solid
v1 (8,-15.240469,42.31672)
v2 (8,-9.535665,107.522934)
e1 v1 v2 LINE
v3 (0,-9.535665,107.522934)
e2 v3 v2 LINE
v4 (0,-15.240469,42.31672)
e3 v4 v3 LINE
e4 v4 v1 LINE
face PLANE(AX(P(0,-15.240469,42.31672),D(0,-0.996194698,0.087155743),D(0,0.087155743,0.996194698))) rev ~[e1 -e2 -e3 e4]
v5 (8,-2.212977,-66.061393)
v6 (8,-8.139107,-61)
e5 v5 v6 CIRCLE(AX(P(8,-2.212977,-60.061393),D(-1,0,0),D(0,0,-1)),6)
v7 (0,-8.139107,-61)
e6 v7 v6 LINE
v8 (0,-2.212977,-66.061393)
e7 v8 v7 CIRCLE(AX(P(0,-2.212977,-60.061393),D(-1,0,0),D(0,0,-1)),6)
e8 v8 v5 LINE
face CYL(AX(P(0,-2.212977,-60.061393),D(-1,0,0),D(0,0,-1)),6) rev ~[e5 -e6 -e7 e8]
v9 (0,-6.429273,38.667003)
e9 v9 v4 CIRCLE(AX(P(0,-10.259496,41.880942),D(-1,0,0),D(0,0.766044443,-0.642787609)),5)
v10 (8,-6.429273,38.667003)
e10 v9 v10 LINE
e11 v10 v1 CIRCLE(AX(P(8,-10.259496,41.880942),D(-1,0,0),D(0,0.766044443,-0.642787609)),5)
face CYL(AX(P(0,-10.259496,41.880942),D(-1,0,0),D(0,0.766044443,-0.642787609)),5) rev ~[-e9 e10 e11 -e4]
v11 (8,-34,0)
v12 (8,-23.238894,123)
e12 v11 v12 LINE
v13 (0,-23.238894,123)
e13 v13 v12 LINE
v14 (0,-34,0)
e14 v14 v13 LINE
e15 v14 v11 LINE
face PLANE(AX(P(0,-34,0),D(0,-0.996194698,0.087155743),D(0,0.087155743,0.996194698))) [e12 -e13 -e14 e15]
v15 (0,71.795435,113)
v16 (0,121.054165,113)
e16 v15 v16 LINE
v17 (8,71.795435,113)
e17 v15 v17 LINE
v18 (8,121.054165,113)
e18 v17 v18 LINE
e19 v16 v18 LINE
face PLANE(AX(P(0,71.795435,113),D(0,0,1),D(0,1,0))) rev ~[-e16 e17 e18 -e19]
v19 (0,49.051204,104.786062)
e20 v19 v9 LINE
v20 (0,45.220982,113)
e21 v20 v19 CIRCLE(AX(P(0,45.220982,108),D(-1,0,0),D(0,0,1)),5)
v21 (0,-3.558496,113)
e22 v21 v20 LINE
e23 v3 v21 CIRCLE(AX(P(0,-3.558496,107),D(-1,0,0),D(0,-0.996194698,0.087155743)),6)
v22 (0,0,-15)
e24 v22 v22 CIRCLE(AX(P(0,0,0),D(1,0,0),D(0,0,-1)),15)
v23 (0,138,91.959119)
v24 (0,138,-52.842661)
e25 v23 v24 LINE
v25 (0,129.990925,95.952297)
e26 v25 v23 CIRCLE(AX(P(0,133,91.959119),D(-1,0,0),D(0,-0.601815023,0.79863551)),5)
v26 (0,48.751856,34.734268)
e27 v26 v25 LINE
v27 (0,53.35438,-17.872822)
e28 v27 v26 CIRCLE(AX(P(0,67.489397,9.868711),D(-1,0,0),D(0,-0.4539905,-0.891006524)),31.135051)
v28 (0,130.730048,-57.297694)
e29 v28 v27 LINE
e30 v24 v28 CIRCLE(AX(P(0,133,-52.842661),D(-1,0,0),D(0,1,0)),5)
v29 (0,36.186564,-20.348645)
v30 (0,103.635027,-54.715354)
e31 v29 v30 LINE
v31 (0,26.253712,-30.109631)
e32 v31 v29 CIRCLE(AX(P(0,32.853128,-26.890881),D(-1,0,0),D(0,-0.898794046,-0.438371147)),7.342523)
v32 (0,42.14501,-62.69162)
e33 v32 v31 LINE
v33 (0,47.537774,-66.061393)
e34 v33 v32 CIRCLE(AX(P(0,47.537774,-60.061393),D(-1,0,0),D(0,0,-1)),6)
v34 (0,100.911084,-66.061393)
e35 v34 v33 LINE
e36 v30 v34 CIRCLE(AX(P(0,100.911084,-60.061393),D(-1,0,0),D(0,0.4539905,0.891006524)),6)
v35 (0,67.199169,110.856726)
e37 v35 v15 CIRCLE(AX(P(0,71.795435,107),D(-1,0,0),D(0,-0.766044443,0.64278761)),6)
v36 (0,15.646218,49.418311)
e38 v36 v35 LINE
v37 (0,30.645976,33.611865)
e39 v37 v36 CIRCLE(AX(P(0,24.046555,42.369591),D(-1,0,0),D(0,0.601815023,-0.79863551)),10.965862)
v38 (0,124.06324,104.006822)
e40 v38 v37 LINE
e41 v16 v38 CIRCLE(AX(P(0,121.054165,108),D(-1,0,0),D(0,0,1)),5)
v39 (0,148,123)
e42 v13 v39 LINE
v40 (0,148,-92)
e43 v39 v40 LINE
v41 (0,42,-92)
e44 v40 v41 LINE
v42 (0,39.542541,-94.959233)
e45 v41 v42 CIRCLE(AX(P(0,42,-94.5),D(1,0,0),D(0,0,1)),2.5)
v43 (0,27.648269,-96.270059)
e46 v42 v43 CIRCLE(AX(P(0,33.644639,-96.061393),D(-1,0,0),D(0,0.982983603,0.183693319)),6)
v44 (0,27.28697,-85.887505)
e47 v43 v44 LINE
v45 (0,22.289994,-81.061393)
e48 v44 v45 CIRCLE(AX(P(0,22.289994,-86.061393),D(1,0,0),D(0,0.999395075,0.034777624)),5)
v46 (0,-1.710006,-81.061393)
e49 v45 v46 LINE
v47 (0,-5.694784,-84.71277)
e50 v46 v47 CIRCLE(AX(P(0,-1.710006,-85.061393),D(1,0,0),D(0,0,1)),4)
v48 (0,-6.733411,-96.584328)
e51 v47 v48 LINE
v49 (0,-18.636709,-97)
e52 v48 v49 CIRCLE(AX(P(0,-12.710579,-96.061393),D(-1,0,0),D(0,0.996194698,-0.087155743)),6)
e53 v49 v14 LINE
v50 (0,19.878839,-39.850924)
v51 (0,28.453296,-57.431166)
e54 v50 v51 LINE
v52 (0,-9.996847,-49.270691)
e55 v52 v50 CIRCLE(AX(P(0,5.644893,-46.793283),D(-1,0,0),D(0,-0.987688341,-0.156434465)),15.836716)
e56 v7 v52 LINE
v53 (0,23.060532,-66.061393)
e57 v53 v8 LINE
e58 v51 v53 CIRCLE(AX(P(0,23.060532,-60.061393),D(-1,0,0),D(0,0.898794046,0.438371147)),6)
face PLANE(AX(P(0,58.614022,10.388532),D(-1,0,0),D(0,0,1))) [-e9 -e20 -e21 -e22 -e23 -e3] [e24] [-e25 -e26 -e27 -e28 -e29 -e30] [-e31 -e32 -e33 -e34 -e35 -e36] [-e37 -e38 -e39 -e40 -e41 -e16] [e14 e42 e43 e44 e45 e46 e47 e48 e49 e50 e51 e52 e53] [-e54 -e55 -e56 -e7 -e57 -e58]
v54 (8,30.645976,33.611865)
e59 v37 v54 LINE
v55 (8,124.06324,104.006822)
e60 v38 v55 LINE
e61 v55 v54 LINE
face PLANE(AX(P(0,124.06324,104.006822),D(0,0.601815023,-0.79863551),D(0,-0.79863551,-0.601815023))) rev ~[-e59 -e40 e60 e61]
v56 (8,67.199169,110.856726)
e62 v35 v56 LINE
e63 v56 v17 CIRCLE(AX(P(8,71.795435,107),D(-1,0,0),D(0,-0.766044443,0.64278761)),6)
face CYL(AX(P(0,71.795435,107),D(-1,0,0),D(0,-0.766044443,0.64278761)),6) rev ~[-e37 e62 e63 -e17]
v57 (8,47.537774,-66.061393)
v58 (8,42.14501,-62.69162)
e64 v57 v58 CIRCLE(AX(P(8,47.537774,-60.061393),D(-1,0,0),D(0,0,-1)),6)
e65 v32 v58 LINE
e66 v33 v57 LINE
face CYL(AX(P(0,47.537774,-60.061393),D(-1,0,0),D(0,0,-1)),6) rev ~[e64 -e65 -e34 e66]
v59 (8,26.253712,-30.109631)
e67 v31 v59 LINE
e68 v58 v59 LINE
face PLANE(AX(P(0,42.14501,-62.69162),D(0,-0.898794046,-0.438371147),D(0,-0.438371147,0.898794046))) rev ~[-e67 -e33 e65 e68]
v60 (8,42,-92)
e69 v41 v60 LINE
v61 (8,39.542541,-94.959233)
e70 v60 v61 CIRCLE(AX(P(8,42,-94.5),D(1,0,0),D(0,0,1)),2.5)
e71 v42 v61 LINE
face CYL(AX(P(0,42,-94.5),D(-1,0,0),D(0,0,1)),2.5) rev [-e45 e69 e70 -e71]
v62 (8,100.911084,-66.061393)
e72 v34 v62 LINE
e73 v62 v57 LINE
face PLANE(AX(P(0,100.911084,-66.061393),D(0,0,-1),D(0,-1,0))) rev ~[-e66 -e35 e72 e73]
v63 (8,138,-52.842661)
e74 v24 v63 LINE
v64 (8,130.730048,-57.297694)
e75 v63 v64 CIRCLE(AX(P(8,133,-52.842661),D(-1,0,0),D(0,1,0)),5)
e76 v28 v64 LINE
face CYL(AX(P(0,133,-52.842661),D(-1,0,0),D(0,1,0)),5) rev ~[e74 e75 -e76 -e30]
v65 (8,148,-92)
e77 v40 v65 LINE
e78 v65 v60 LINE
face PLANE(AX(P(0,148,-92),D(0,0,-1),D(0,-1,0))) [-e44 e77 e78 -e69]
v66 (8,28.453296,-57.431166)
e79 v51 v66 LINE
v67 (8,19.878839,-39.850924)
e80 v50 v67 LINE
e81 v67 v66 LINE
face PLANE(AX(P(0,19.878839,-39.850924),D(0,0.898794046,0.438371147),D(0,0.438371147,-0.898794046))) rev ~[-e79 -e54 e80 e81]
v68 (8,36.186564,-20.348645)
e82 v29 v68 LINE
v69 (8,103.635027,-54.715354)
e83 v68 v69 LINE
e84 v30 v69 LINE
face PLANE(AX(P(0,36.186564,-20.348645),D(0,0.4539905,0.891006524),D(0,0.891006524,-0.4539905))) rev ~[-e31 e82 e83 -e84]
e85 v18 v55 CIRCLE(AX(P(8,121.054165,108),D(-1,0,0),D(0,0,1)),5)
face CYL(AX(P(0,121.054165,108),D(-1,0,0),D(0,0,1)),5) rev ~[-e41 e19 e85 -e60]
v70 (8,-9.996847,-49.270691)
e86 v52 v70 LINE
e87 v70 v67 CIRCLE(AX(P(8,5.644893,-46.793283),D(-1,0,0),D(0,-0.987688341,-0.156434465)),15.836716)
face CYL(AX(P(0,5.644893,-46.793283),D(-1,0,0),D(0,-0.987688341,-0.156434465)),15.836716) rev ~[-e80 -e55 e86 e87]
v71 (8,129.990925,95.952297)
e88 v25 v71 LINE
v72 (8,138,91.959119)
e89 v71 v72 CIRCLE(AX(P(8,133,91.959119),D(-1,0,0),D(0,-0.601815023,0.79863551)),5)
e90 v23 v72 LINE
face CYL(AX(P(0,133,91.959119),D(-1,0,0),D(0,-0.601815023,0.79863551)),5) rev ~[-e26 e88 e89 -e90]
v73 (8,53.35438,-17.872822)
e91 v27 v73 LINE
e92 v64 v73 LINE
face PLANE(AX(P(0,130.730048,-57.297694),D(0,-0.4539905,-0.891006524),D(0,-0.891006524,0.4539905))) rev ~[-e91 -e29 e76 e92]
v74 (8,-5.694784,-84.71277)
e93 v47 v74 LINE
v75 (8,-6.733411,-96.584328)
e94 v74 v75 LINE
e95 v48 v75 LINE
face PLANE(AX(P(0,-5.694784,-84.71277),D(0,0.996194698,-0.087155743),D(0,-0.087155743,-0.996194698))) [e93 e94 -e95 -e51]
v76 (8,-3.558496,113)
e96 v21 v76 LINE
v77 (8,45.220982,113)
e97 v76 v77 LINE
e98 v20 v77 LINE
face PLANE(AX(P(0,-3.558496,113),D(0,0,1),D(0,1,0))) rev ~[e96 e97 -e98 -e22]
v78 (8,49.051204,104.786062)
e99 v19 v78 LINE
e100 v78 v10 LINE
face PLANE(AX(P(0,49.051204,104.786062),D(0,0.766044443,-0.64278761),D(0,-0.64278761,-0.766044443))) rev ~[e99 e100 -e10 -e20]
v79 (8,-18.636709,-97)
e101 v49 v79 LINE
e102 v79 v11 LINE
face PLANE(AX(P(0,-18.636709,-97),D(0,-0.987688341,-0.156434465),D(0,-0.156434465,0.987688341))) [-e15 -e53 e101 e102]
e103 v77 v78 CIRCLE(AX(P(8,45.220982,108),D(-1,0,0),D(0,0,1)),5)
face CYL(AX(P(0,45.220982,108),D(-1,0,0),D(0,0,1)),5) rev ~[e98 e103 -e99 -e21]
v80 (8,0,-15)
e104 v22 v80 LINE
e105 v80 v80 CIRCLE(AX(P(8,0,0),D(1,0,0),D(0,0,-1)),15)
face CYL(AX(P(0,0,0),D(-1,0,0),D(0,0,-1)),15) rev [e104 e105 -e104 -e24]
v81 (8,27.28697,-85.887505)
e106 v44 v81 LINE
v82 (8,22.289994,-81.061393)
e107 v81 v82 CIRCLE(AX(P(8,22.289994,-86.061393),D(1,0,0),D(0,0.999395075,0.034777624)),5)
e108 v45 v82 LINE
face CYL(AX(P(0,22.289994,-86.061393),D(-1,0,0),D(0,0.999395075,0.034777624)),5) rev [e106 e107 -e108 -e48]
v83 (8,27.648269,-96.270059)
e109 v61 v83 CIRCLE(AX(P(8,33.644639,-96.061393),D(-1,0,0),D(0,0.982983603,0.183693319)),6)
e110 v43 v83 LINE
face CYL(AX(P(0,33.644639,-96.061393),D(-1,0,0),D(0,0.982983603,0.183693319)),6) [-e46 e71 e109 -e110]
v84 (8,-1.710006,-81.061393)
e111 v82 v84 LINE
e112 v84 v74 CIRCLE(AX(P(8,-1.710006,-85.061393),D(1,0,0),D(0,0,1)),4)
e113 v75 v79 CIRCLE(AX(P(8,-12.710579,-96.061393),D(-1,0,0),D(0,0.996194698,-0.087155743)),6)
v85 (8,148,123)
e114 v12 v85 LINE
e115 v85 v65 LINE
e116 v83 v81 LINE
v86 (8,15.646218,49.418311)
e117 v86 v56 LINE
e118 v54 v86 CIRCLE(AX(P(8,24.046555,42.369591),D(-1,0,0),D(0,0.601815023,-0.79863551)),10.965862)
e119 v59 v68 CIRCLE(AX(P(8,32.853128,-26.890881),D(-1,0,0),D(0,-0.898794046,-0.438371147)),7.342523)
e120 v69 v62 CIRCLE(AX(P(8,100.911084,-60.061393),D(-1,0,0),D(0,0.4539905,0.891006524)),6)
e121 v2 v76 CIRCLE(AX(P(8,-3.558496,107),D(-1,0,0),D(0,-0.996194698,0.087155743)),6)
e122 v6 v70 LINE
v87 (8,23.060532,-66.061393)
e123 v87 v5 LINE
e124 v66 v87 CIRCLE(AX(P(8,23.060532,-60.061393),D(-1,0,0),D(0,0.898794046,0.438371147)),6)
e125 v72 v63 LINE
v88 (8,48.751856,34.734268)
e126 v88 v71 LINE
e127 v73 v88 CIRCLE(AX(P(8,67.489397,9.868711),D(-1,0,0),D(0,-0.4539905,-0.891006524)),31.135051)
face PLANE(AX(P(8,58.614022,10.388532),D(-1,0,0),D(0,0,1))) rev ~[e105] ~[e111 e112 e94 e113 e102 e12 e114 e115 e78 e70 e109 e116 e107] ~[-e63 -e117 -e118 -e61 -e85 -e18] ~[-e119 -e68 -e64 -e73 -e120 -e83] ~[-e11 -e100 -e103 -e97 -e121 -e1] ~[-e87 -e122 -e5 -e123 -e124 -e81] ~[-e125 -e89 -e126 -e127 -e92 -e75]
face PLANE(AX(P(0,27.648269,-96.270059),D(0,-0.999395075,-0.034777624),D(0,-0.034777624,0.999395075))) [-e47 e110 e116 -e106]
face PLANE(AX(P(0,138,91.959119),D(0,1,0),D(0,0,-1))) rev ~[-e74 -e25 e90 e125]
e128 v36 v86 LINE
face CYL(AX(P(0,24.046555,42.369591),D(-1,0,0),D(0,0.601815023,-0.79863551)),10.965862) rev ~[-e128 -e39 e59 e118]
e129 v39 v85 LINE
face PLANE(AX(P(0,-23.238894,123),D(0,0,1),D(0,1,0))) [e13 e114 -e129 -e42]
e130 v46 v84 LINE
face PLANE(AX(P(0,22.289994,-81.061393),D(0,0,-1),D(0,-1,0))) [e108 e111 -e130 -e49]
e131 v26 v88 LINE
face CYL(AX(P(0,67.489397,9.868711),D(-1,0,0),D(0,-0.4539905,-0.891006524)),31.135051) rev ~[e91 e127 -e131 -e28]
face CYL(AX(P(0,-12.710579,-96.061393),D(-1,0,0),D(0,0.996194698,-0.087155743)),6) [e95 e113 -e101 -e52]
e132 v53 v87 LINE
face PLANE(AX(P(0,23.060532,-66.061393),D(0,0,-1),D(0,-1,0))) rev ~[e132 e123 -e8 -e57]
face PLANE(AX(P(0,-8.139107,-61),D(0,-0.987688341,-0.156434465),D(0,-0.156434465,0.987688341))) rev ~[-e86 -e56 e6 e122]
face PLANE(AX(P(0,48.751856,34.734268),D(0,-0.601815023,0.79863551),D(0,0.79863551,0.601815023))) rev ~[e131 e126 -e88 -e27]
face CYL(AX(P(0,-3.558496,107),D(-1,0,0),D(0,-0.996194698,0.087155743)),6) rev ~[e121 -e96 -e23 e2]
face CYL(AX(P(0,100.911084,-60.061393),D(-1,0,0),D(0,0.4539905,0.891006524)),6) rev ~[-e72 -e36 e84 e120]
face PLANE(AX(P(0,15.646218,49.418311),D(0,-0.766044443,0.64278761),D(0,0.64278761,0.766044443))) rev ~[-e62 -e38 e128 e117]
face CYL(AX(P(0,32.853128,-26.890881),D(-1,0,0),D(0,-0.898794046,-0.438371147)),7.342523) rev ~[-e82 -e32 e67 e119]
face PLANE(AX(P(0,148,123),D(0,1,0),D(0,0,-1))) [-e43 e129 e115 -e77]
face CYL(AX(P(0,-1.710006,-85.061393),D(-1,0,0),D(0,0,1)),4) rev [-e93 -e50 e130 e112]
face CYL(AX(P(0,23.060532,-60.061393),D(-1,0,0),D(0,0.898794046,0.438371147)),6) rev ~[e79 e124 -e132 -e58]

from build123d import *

# Parameters (mm, degrees)
SKETCH2_R   = 15
FRAME_DEPTH = 8


with BuildPart() as part:
    # Sketch2 → frame (new body)
    with BuildSketch(Plane(origin=(0, 0, 0), x_dir=(0, 0, -1), z_dir=(1, 0, 0))):
        with BuildLine():
            Line((0, -34), (-123, -23.238894386))
            Line((-123, -23.238894386), (-123, 148))
            Line((-123, 148), (92, 148))
            Line((92, 148), (92, 42))
            ThreePointArc((92, 42), (92.902828006, 40.076710729), (94.959233297, 39.542540991))
            ThreePointArc((94.959233297, 39.542540991), (102.025285395, 34.301898835), (96.270058953, 27.648268918))
            Line((96.270058953, 27.648268918), (85.887505091, 27.286969807))
            ThreePointArc((85.887505091, 27.286969807), (82.464905993, 25.763505578), (81.06139321, 22.289994429))
            Line((81.06139321, 22.289994429), (81.06139321, -1.710005571))
            ThreePointArc((81.06139321, -1.710005571), (82.112283863, -4.412366401), (84.712770239, -5.694784363))
            Line((84.712770239, -5.694784363), (96.584327666, -6.733411056))
            ThreePointArc((96.584327666, -6.733411056), (102.057738172, -12.501182265), (97, -18.636709289))
            Line((97, -18.636709289), (0, -34))
        make_face()
        Circle(SKETCH2_R, mode=Mode.SUBTRACT)
        with BuildLine():
            Line((-113, -3.558496414), (-113, 45.220981939))
            ThreePointArc((-113, 45.220981939), (-110.113091309, 49.752520874), (-104.786061952, 49.051204155))
            Line((-104.786061952, 49.051204155), (-38.667003468, -6.429273433))
            ThreePointArc((-38.667003468, -6.429273433), (-37.261543853, -12.172912811), (-42.31672023, -15.240469139))
            Line((-42.31672023, -15.240469139), (-107.522934456, -9.535664603))
            ThreePointArc((-107.522934456, -9.535664603), (-111.423664021, -7.61203766), (-113, -3.558496414))
        make_face(mode=Mode.SUBTRACT)
        with BuildLine():
            Line((-113, 71.795435384), (-113, 121.054164621))
            ThreePointArc((-113, 121.054164621), (-109.586523282, 125.795782897), (-104.00682245, 124.063239737))
            Line((-104.00682245, 124.063239737), (-33.611864664, 30.645975539))
            ThreePointArc((-33.611864664, 30.645975539), (-34.821190136, 16.092200216), (-49.418311221, 15.646217831))
            Line((-49.418311221, 15.646217831), (-110.856725658, 67.199168725))
            ThreePointArc((-110.856725658, 67.199168725), (-112.437846722, 69.259725813), (-113, 71.795435384))
        make_face(mode=Mode.SUBTRACT)
        with BuildLine():
            Line((-91.959119468, 138), (52.842661319, 138))
            ThreePointArc((52.842661319, 138), (57.105862141, 135.612492824), (57.29769394, 130.730047501))
            Line((57.29769394, 130.730047501), (17.87282228, 53.354380202))
            ThreePointArc((17.87282228, 53.354380202), (-7.155112396, 36.472825104), (-34.734267785, 48.7518562))
            Line((-34.734267785, 48.7518562), (-95.952297019, 129.990924884))
            ThreePointArc((-95.952297019, 129.990924884), (-96.433791276, 135.230989066), (-91.959119468, 138))
        make_face(mode=Mode.SUBTRACT)
        with BuildLine():
            Line((66.06139321, 100.911084489), (66.06139321, 47.537774319))
            ThreePointArc((66.06139321, 47.537774319), (65.149681787, 44.358258734), (62.69162009, 42.145010042))
            Line((62.69162009, 42.145010042), (30.109631358, 26.253712336))
            ThreePointArc((30.109631358, 26.253712336), (21.653823385, 27.706685885), (20.348645329, 36.186563882))
            Line((20.348645329, 36.186563882), (54.715354065, 103.635027487))
            ThreePointArc((54.715354065, 103.635027487), (61.462065393, 106.745304011), (66.06139321, 100.911084489))
        make_face(mode=Mode.SUBTRACT)
        with BuildLine():
            Line((66.06139321, 23.060531629), (66.06139321, -2.212977084))
            ThreePointArc((66.06139321, -2.212977084), (64.623829003, -6.109665374), (61, -8.139107128))
            Line((61, -8.139107128), (49.27069142, -9.996847102))
            ThreePointArc((49.27069142, -9.996847102), (31.689538707, 0.882700312), (39.850923857, 19.878838738))
            Line((39.850923857, 19.878838738), (57.431166329, 28.453295907))
            ThreePointArc((57.431166329, 28.453295907), (63.240908795, 28.148820206), (66.06139321, 23.060531629))
        make_face(mode=Mode.SUBTRACT)
    extrude(amount=FRAME_DEPTH)


solid = part.part
